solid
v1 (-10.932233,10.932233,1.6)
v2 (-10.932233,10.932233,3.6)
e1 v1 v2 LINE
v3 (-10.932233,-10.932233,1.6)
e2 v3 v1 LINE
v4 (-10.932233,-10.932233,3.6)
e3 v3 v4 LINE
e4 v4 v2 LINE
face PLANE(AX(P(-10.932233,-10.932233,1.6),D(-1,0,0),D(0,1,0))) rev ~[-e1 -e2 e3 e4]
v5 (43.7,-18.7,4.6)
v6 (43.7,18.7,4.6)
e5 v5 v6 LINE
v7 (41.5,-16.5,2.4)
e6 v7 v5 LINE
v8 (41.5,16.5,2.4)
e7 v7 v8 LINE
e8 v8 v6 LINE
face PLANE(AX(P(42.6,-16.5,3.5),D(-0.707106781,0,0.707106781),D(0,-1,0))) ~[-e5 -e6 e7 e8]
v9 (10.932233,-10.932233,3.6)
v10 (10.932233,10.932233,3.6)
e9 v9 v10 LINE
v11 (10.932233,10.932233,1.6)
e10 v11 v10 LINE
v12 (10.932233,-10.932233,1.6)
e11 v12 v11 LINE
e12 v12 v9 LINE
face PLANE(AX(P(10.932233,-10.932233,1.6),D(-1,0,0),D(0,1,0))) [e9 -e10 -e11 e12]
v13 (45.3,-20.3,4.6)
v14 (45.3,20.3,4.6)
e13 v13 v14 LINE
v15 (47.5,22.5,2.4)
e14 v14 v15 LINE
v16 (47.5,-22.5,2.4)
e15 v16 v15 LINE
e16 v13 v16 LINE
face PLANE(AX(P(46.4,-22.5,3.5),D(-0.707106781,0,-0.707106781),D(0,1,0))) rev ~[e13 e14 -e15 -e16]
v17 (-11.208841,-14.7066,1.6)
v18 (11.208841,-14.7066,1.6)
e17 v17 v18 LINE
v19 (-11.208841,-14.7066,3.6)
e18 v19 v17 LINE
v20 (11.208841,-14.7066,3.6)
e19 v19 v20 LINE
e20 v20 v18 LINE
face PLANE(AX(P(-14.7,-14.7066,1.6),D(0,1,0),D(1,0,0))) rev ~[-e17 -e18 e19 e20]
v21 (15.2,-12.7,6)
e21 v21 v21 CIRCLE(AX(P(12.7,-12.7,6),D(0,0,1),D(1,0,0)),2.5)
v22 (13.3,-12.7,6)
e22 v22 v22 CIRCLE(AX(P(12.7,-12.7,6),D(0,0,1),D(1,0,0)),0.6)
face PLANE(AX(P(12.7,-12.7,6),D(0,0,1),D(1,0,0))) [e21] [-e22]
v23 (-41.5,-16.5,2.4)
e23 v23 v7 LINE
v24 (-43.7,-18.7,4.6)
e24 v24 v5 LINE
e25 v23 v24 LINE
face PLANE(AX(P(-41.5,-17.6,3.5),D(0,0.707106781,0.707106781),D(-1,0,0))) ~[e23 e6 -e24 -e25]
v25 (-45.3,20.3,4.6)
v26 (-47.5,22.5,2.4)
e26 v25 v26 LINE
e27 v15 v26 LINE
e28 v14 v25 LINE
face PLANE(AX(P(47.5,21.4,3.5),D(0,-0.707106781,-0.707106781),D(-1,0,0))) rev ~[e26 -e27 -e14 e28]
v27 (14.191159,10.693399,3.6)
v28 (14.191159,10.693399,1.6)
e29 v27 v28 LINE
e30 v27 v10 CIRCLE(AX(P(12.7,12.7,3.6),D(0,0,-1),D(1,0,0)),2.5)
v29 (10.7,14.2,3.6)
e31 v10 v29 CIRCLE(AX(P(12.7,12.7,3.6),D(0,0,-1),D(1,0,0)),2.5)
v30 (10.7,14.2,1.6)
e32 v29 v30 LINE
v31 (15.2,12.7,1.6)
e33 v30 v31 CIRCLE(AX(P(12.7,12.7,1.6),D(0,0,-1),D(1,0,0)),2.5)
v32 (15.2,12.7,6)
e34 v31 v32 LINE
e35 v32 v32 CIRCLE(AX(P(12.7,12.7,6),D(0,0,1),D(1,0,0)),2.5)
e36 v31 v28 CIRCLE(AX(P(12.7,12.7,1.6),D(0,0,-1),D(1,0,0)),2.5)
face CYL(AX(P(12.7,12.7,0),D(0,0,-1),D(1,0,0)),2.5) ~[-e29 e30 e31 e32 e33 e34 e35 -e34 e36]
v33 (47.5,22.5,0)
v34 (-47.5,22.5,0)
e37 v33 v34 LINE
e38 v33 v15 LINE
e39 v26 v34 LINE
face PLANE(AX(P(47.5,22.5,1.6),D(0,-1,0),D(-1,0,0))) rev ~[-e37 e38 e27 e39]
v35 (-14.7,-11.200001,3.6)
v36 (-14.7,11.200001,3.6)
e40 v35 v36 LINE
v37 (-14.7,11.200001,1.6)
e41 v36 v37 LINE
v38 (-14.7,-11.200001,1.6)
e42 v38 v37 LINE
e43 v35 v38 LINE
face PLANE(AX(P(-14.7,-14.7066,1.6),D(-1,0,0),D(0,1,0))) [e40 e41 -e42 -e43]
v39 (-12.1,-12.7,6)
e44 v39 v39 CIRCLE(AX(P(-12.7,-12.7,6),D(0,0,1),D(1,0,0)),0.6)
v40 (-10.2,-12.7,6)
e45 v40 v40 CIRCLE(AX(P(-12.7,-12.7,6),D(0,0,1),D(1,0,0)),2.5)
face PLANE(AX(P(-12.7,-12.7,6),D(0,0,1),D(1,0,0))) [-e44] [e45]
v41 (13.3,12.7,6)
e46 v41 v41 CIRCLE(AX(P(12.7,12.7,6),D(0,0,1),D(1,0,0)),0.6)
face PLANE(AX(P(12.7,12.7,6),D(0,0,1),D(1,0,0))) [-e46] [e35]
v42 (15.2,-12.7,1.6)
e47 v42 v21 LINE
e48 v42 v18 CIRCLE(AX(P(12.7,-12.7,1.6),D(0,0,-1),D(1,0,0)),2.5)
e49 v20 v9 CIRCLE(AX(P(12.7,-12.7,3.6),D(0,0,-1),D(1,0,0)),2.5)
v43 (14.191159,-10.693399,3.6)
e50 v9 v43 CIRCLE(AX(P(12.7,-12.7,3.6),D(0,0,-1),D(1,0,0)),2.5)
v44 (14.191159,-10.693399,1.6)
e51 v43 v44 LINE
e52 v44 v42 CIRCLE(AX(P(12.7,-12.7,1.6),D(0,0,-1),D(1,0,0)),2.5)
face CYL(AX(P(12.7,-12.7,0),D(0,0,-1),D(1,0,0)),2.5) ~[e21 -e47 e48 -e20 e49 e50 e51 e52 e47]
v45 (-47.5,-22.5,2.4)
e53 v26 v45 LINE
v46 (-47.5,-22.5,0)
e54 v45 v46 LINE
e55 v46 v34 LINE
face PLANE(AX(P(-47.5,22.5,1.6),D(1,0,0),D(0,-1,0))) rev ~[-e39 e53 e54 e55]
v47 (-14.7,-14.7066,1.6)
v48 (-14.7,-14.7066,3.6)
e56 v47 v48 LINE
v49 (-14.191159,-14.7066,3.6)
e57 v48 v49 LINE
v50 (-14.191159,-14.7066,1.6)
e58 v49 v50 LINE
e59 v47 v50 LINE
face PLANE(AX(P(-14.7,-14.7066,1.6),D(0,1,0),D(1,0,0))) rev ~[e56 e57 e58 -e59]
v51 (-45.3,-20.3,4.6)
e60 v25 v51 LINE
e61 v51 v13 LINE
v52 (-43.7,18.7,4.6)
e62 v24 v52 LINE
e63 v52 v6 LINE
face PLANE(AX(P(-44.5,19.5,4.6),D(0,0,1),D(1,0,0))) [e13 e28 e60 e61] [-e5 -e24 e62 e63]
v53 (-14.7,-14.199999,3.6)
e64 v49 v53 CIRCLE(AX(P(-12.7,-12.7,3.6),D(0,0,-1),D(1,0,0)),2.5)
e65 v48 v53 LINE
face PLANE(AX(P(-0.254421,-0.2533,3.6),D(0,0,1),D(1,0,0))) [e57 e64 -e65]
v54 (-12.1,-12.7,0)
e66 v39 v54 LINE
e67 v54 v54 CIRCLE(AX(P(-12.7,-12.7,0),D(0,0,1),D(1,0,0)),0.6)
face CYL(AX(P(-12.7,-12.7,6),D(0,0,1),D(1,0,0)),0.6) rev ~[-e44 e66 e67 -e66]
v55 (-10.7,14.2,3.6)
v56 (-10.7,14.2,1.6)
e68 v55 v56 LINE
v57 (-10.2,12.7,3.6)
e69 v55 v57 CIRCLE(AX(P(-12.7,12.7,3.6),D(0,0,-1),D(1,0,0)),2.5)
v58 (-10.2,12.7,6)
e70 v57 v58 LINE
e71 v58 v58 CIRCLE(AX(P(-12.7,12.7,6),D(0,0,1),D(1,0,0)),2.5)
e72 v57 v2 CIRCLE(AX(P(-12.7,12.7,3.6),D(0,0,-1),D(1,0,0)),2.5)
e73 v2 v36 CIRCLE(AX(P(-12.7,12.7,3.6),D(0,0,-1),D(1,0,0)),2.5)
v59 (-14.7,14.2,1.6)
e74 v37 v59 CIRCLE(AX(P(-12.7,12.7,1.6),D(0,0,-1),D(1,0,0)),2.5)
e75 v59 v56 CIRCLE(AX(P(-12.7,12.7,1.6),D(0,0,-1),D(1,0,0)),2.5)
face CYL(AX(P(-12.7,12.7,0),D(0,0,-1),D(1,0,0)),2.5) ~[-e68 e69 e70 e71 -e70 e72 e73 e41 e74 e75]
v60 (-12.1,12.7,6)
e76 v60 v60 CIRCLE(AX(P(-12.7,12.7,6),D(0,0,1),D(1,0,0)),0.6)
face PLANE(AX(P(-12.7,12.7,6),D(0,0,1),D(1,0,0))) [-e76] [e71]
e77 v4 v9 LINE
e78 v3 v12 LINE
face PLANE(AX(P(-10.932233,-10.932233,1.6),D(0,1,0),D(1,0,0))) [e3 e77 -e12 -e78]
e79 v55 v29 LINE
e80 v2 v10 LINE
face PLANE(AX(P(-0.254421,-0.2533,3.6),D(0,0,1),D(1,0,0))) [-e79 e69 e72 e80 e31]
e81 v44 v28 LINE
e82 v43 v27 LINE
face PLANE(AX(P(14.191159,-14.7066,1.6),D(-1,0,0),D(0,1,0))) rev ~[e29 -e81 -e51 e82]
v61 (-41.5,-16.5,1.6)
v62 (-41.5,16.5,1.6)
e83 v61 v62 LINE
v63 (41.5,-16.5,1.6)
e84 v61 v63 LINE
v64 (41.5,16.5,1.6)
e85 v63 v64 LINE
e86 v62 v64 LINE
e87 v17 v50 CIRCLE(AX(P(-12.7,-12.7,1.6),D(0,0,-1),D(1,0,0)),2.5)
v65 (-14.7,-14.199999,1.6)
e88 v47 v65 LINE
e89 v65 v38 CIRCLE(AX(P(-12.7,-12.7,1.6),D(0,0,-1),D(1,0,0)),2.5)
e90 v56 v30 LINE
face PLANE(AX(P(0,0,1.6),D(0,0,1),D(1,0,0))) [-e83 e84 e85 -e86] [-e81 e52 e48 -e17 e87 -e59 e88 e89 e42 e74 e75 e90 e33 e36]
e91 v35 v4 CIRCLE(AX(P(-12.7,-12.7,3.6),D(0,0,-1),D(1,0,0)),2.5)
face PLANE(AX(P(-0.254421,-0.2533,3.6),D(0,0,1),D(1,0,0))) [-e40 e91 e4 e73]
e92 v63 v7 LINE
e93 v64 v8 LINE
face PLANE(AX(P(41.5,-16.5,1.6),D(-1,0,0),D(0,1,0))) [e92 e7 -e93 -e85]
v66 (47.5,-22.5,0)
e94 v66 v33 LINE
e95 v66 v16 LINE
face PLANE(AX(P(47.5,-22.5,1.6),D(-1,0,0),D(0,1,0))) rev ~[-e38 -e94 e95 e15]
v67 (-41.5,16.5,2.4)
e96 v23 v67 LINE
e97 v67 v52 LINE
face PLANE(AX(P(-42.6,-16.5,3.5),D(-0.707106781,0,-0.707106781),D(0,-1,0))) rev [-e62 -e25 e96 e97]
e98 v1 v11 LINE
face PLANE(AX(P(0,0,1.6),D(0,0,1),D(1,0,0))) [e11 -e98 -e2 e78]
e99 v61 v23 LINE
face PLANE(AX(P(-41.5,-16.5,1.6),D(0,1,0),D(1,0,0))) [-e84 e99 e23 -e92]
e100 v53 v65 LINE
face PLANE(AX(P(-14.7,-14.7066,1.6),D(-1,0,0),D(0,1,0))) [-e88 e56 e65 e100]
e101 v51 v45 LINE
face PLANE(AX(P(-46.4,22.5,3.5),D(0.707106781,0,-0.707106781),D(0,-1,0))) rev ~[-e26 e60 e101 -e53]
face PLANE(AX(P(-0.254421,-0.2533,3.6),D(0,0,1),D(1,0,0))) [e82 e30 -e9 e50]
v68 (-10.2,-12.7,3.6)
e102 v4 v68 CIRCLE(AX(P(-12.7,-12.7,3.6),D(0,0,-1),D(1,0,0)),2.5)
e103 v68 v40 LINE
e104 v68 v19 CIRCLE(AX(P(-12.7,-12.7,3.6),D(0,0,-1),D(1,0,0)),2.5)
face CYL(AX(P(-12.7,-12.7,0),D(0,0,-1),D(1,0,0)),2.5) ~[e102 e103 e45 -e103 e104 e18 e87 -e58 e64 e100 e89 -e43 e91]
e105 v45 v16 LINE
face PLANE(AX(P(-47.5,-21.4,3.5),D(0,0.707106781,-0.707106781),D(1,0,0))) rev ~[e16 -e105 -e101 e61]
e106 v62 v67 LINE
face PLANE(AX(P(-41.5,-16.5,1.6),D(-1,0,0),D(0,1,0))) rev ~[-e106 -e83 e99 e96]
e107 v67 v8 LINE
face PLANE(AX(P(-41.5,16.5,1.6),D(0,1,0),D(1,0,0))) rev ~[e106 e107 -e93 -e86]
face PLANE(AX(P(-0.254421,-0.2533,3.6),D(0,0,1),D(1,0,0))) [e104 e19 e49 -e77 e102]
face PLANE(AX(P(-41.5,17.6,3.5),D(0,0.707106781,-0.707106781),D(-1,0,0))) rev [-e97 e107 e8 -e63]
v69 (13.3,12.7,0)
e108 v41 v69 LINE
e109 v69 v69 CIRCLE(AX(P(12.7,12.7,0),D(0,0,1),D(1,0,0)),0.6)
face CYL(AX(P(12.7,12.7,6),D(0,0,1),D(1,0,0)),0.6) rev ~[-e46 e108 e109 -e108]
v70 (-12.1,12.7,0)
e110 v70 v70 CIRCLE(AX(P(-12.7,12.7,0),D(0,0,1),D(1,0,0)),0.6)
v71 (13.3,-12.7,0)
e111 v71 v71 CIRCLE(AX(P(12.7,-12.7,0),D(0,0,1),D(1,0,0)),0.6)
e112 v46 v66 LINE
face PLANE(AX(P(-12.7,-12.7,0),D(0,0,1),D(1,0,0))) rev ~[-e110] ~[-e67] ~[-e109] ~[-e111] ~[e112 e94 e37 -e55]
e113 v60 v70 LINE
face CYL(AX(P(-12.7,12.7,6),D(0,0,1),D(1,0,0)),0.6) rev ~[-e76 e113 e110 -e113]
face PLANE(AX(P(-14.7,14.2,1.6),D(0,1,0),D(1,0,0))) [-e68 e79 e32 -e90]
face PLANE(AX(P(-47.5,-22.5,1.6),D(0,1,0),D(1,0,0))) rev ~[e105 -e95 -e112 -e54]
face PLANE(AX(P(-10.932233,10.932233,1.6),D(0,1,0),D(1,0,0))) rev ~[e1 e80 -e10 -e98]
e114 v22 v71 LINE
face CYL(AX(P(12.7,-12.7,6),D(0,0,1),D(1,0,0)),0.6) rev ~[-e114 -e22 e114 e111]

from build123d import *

# Parameters (mm, degrees)
F0_W     = 89
F0_H     = 45
F0_R     = 2.5
F0_W_2   = 3
F1_DEPTH = 1.6
F2_DEPTH = 6
F3_W     = 6
F3_H     = 6
F3_W_2   = 83
F3_H_2   = 33
F4_DEPTH = 3
F5_W     = 28.891159
F5_H     = 28.9066
F5_W_2   = 21.864466
F5_H_2   = 21.864466
F6_DEPTH = 2
F7_R     = 0.6
F8_DEPTH = 6
F9_SIZE  = 2.2


with BuildPart() as f1:
    # F0 (on Top) → F1 (new body)
    with BuildSketch(Plane.XY):
        Rectangle(F0_W, F0_H)
        with Locations((-12.7, -12.7)):
            Circle(F0_R, mode=Mode.SUBTRACT)
        with Locations((12.7, -12.7)):
            Circle(F0_R, mode=Mode.SUBTRACT)
        with Locations((-12.7, 12.7)):
            Circle(F0_R, mode=Mode.SUBTRACT)
        with Locations((12.7, 12.7)):
            Circle(F0_R, mode=Mode.SUBTRACT)
        with Locations((46, 0)):
            Rectangle(F0_W_2, F0_H)
        with Locations((-46, 0)):
            Rectangle(F0_W_2, F0_H)
        with Locations((-12.7, 12.7)):
            Circle(F0_R)
        with Locations((12.7, 12.7)):
            Circle(F0_R)
        with Locations((12.7, -12.7)):
            Circle(F0_R)
        with Locations((-12.7, -12.7)):
            Circle(F0_R)
    extrude(amount=F1_DEPTH)

    # F0 (on Top) → F2 (join)
    with BuildSketch(Plane.XY):
        with Locations((-12.7, -12.7)):
            Circle(F0_R)
        with Locations((-12.7, 12.7)):
            Circle(F0_R)
        with Locations((12.7, -12.7)):
            Circle(F0_R)
        with Locations((12.7, 12.7)):
            Circle(F0_R)
    extrude(amount=F2_DEPTH)

    # F3 (on face) → F4 (join)
    with BuildSketch(Plane.XY.offset(1.6)):
        with Locations((-44.5, 19.5)):
            Rectangle(F3_W, F3_H)
        with Locations((0, 19.5)):
            Rectangle(F3_W_2, F3_H)
        with Locations((-44.5, 0)):
            Rectangle(F3_W, F3_H_2)
        with Locations((44.5, 19.5)):
            Rectangle(F3_W, F3_H)
        with Locations((-44.5, -19.5)):
            Rectangle(F3_W, F3_H)
        with Locations((44.5, 0)):
            Rectangle(F3_W, F3_H_2)
        with Locations((0, -19.5)):
            Rectangle(F3_W_2, F3_H)
        with Locations((44.5, -19.5)):
            Rectangle(F3_W, F3_H)
    extrude(amount=F4_DEPTH)

    # F5 (on face) → F6 (join)
    with BuildSketch(Plane.XY.offset(1.6)):
        with Locations((-0.254421, -0.2533)):
            Rectangle(F5_W, F5_H)
        Rectangle(F5_W_2, F5_H_2, mode=Mode.SUBTRACT)
    extrude(amount=F6_DEPTH)

    # F7 (on face) → F8 (cut)
    with BuildSketch(Plane.XY.offset(6)):
        with Locations((-12.7, 12.7)):
            Circle(F7_R)
        with Locations((12.7, 12.7)):
            Circle(F7_R)
        with Locations((12.7, -12.7)):
            Circle(F7_R)
        with Locations((-12.7, -12.7)):
            Circle(F7_R)
    extrude(amount=-F8_DEPTH, mode=Mode.SUBTRACT)

    # F9
    f9_edges = [f1.edges().sort_by_distance(p)[0] for p in [
        (0, 16.5, 4.6),
        (-41.5, 0, 4.6),
        (-47.5, 0, 4.6),
        (0, 22.5, 4.6),
        (0, -22.5, 4.6),
        (47.5, 0, 4.6),
        (41.5, 0, 4.6),
        (0, -16.5, 4.6),
    ]]
    chamfer(f9_edges, length=F9_SIZE)


solid = f1.part
